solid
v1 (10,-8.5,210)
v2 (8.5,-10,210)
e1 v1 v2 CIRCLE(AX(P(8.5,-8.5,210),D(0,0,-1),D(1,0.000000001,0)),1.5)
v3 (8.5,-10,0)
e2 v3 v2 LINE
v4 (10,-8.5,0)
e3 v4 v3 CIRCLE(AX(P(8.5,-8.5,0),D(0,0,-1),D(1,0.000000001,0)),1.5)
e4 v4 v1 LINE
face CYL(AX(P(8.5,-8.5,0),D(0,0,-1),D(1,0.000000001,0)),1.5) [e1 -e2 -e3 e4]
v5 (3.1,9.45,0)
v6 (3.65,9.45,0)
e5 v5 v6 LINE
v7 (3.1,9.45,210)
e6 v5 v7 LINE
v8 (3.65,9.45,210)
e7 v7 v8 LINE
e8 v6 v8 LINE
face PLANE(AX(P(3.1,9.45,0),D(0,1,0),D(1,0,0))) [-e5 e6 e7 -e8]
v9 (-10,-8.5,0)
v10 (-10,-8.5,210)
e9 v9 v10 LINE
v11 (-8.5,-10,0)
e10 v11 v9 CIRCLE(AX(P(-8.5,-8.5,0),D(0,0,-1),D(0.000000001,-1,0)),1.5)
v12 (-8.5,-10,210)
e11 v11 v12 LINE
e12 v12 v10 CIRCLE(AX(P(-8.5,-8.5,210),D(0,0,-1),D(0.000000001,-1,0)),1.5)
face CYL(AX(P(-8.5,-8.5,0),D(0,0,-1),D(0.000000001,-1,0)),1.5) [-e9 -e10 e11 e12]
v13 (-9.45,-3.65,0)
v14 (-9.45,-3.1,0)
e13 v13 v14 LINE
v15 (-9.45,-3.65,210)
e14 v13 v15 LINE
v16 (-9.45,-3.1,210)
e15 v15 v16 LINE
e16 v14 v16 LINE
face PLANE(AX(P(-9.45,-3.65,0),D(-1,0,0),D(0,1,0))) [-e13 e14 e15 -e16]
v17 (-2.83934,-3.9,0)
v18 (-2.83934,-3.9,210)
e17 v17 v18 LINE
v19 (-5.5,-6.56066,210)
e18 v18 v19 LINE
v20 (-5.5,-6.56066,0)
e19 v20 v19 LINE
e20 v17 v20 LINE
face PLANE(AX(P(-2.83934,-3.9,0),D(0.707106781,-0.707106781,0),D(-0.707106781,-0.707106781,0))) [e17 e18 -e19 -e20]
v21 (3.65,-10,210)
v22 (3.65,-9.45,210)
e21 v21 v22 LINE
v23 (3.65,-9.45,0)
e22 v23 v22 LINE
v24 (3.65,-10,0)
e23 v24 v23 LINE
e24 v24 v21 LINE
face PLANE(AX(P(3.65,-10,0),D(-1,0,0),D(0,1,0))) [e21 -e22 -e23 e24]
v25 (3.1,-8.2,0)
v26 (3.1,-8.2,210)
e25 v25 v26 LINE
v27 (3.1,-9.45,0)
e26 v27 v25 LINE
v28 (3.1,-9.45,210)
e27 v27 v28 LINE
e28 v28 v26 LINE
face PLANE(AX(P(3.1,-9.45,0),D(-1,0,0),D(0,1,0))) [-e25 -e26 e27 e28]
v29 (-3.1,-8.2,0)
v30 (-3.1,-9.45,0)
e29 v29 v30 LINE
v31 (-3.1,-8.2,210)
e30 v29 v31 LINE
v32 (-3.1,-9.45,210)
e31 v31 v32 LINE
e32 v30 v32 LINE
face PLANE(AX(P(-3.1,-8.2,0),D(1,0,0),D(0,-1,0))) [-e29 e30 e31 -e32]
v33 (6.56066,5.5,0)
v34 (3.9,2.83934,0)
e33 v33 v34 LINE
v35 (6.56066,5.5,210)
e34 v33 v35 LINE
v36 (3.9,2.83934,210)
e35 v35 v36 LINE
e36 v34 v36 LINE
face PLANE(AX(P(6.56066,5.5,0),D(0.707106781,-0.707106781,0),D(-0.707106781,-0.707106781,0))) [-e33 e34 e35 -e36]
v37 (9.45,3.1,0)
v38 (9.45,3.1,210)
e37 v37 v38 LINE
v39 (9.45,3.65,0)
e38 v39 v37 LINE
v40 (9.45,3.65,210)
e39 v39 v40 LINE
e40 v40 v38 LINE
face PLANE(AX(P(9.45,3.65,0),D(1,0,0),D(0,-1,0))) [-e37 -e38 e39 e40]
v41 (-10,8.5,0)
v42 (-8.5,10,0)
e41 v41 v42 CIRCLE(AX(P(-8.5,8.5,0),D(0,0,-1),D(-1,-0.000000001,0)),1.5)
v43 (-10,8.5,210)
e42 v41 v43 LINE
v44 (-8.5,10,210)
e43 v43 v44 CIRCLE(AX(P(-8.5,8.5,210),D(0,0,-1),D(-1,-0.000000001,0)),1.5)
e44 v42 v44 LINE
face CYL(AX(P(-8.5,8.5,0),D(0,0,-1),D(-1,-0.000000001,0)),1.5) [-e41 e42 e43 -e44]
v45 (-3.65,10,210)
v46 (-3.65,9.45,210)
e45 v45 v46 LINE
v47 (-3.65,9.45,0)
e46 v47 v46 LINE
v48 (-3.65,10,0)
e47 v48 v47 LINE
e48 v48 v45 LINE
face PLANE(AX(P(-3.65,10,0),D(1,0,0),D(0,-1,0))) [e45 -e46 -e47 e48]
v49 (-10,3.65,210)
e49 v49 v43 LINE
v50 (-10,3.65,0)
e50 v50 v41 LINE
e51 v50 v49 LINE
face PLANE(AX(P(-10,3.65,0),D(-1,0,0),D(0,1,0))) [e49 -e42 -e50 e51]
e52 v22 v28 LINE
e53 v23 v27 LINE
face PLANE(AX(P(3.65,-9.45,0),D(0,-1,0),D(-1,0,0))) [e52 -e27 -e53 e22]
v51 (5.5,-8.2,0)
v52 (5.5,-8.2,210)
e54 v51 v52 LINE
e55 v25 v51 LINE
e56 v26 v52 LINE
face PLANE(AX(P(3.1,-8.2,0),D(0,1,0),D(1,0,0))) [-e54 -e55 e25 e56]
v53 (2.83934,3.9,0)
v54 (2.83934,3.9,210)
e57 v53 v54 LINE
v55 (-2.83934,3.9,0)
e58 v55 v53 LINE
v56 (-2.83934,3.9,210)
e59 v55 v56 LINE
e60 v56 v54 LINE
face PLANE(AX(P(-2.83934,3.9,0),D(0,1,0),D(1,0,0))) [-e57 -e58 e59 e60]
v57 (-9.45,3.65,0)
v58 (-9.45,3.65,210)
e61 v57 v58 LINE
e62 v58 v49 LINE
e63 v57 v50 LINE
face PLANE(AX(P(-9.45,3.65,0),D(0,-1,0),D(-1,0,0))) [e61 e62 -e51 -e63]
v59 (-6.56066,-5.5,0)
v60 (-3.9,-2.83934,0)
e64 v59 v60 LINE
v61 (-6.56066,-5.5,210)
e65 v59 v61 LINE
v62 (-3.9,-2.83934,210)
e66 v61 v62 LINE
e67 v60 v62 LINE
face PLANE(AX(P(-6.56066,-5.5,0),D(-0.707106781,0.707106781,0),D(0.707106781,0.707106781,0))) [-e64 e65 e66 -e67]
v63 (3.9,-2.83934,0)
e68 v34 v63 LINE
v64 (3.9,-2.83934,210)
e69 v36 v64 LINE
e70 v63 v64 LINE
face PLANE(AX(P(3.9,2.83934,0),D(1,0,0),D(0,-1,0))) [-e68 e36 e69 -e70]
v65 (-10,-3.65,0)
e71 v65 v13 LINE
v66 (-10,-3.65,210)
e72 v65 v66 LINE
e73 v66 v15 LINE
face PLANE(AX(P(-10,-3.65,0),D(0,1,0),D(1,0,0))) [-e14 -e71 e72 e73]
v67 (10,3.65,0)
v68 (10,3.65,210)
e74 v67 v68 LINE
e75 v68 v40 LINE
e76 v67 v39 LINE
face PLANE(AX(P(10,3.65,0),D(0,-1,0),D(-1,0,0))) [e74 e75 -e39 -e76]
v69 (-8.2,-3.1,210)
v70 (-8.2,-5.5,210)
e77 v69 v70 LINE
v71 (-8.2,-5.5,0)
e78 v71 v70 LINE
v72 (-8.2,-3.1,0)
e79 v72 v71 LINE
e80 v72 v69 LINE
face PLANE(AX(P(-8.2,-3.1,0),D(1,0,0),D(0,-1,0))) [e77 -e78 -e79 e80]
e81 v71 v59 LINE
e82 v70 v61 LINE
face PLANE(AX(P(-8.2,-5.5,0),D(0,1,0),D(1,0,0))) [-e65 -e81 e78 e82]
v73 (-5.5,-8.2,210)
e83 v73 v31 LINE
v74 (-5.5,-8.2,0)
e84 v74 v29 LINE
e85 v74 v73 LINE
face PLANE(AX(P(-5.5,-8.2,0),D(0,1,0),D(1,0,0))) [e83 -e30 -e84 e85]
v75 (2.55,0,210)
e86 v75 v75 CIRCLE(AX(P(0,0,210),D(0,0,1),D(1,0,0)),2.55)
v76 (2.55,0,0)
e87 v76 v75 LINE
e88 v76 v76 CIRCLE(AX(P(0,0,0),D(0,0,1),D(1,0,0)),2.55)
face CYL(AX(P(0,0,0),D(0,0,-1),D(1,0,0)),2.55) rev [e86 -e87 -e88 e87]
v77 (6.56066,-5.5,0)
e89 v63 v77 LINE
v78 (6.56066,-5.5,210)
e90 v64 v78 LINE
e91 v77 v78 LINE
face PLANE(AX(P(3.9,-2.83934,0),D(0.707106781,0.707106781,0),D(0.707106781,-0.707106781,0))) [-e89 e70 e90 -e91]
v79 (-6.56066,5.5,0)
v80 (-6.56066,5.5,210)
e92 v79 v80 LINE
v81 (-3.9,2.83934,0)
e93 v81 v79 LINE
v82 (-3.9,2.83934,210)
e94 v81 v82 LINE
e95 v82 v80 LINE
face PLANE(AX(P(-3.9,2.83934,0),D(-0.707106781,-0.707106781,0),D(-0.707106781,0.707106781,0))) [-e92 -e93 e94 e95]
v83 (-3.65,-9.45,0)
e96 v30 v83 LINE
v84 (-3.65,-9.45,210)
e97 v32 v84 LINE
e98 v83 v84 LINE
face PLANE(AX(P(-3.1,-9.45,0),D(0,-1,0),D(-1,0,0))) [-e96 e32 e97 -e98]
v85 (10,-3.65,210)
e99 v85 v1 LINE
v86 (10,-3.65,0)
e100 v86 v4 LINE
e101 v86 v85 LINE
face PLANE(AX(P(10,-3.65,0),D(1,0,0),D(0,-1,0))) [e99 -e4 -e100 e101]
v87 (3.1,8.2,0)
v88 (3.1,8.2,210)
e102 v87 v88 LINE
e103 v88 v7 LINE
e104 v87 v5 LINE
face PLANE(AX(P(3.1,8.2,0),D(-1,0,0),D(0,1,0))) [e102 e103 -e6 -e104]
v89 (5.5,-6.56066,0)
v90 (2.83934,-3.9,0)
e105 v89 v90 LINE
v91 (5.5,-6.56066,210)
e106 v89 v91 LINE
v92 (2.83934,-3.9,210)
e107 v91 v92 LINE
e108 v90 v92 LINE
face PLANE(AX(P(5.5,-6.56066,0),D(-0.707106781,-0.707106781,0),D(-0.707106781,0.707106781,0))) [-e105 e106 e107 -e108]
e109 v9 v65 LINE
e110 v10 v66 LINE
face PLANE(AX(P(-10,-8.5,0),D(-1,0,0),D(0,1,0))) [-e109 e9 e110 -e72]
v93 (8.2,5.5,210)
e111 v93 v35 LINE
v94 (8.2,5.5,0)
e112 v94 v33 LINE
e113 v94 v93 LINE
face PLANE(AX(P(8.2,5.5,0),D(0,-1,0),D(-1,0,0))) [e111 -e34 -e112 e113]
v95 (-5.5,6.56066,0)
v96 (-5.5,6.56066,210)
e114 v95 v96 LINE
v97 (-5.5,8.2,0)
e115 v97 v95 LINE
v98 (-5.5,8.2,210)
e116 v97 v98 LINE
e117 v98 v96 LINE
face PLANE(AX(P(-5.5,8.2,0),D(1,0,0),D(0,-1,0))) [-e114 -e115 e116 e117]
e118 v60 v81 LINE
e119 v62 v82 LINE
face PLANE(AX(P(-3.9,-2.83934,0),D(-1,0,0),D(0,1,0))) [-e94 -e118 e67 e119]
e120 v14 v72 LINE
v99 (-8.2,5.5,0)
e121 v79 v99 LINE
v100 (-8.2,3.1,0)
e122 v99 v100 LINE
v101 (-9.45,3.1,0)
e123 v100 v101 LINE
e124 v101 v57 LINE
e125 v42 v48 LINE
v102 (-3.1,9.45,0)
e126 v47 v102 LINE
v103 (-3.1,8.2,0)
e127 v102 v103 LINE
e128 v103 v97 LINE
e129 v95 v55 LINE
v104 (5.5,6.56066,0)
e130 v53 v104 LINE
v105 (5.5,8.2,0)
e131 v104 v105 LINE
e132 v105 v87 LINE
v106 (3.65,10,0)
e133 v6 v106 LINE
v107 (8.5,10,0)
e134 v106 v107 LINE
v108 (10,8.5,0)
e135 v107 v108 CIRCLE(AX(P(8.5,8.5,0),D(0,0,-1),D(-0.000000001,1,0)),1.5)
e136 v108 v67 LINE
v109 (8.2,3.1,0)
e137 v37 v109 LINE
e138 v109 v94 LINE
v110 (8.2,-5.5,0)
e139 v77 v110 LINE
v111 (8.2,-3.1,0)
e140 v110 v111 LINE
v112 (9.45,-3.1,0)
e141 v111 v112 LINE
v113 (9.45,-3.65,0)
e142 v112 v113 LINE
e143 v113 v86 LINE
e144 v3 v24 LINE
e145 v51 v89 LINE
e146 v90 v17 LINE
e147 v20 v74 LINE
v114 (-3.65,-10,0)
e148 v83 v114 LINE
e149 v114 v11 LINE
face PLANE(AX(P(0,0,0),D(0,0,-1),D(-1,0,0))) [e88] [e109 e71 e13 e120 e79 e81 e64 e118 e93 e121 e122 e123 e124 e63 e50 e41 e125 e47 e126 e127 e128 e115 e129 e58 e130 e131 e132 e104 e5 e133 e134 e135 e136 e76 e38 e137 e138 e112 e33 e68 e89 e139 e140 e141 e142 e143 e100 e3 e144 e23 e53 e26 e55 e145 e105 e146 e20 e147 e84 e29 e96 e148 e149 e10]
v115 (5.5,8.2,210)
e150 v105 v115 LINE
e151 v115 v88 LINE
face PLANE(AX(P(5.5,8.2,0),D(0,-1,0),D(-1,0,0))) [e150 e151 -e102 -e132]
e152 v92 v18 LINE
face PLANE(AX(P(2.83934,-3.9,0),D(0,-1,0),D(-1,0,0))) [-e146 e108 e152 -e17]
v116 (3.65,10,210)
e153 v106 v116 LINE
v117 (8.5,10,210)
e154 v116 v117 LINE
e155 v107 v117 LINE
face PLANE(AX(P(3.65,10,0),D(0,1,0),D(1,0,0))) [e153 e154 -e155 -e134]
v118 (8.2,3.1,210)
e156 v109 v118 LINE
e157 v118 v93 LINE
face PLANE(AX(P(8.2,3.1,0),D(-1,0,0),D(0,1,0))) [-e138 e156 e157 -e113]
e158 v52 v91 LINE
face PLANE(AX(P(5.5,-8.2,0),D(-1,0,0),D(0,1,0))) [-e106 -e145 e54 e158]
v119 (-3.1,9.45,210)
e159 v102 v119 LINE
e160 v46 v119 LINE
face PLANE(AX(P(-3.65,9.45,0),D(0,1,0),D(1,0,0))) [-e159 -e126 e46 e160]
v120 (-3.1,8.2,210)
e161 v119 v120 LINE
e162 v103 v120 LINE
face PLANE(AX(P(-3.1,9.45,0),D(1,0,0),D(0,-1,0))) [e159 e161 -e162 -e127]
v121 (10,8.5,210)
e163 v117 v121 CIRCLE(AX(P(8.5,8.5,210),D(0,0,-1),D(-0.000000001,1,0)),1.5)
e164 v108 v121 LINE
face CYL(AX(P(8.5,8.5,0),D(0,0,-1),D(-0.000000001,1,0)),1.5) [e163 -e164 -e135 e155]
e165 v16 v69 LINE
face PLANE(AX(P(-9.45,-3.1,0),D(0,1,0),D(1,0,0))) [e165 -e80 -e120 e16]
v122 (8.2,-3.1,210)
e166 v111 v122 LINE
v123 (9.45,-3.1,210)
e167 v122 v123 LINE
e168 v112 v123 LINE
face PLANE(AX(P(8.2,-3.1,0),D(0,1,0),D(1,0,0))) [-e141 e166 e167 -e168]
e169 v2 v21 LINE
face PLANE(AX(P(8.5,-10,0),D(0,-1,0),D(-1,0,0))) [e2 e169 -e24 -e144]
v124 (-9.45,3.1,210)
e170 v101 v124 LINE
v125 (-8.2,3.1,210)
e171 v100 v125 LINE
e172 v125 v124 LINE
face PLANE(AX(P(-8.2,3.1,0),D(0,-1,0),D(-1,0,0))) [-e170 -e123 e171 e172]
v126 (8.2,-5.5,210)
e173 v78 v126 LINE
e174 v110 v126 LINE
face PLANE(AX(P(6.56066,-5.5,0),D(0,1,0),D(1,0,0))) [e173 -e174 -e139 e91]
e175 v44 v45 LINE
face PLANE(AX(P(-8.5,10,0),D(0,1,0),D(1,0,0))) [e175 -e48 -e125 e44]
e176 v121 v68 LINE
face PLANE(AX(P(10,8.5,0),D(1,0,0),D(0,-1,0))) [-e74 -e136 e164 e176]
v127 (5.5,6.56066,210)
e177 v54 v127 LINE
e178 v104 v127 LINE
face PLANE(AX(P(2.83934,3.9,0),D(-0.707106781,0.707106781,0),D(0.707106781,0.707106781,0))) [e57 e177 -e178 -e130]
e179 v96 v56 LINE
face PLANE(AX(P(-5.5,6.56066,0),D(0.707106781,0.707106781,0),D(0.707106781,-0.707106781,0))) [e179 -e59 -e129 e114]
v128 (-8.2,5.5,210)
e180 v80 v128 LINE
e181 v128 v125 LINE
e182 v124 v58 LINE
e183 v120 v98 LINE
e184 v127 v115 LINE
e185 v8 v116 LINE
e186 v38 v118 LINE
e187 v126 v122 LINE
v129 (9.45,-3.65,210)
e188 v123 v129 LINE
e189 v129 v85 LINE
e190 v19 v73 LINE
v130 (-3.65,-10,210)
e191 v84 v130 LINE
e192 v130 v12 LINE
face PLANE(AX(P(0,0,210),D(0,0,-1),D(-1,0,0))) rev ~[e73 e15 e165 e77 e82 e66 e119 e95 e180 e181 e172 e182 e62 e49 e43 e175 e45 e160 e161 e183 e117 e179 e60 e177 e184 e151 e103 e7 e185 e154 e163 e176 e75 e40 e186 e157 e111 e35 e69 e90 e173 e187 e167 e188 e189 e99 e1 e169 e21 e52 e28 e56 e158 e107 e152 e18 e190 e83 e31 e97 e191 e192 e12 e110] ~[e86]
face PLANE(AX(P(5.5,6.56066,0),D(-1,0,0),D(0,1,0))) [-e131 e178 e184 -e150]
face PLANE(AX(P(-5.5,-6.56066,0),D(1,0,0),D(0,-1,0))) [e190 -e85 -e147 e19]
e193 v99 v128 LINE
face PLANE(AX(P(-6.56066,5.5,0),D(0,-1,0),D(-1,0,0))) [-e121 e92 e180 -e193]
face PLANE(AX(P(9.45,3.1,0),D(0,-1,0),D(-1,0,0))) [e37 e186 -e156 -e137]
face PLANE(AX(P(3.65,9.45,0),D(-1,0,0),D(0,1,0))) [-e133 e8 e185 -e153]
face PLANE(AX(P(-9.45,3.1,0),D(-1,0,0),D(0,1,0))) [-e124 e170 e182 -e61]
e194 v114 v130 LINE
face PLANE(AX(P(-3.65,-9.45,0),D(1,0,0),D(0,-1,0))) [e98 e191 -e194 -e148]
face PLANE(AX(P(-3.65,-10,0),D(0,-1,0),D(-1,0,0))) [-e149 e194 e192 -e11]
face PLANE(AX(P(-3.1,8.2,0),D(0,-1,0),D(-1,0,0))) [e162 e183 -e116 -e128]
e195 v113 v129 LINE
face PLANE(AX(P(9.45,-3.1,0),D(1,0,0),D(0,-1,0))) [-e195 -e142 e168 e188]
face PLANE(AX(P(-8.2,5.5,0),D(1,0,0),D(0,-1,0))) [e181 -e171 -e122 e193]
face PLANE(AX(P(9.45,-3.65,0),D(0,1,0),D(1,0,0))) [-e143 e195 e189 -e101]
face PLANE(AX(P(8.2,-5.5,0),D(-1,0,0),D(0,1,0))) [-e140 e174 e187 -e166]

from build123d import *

# Parameters (mm, degrees)
SKETCH_2_R      = 2.55
EXTRUDE_1_DEPTH = 210


with BuildPart() as part:
    # 草图2 → 凸台-拉伸1 (new body)
    with BuildSketch(Plane.XY):
        with BuildLine():
            Line((-3.9, 2.839339828), (-6.560660172, 5.5))
            Line((-6.560660172, 5.5), (-8.2, 5.5))
            Line((-8.2, 5.5), (-8.2, 3.1))
            Line((-8.2, 3.1), (-9.45, 3.1))
            Line((-9.45, 3.1), (-9.45, 3.65))
            Line((-9.45, 3.65), (-10, 3.65))
            Line((-10, 3.65), (-10, 8.5))
            ThreePointArc((-10, 8.5), (-9.560660172, 9.560660172), (-8.5, 10))
            Line((-8.5, 10), (-3.65, 10))
            Line((-3.65, 10), (-3.65, 9.45))
            Line((-3.65, 9.45), (-3.1, 9.45))
            Line((-3.1, 9.45), (-3.1, 8.2))
            Line((-3.1, 8.2), (-5.5, 8.2))
            Line((-5.5, 8.2), (-5.5, 6.560660172))
            Line((-5.5, 6.560660172), (-2.839339828, 3.9))
            Line((-2.839339828, 3.9), (2.839339828, 3.9))
            Line((2.839339828, 3.9), (5.5, 6.560660172))
            Line((5.5, 6.560660172), (5.5, 8.2))
            Line((5.5, 8.2), (3.1, 8.2))
            Line((3.1, 8.2), (3.1, 9.45))
            Line((3.1, 9.45), (3.65, 9.45))
            Line((3.65, 9.45), (3.65, 10))
            Line((3.65, 10), (8.5, 10))
            ThreePointArc((8.5, 10), (9.560660172, 9.560660172), (10, 8.5))
            Line((10, 8.5), (10, 3.65))
            Line((10, 3.65), (9.45, 3.65))
            Line((9.45, 3.65), (9.45, 3.1))
            Line((9.45, 3.1), (8.2, 3.1))
            Line((8.2, 3.1), (8.2, 5.5))
            Line((8.2, 5.5), (6.560660172, 5.5))
            Line((6.560660172, 5.5), (3.9, 2.839339828))
            Line((3.9, 2.839339828), (3.9, -2.839339828))
            Line((3.9, -2.839339828), (6.560660172, -5.5))
            Line((6.560660172, -5.5), (8.2, -5.5))
            Line((8.2, -5.5), (8.2, -3.1))
            Line((8.2, -3.1), (9.45, -3.1))
            Line((9.45, -3.1), (9.45, -3.65))
            Line((9.45, -3.65), (10, -3.65))
            Line((10, -3.65), (10, -8.5))
            ThreePointArc((10, -8.5), (9.560660172, -9.560660172), (8.5, -10))
            Line((8.5, -10), (3.65, -10))
            Line((3.65, -10), (3.65, -9.45))
            Line((3.65, -9.45), (3.1, -9.45))
            Line((3.1, -9.45), (3.1, -8.2))
            Line((3.1, -8.2), (5.5, -8.2))
            Line((5.5, -8.2), (5.5, -6.560660172))
            Line((5.5, -6.560660172), (2.839339828, -3.9))
            Line((2.839339828, -3.9), (-2.839339828, -3.9))
            Line((-2.839339828, -3.9), (-5.5, -6.560660172))
            Line((-5.5, -6.560660172), (-5.5, -8.2))
            Line((-5.5, -8.2), (-3.1, -8.2))
            Line((-3.1, -8.2), (-3.1, -9.45))
            Line((-3.1, -9.45), (-3.65, -9.45))
            Line((-3.65, -9.45), (-3.65, -10))
            Line((-3.65, -10), (-8.5, -10))
            ThreePointArc((-8.5, -10), (-9.560660172, -9.560660172), (-10, -8.5))
            Line((-10, -8.5), (-10, -3.65))
            Line((-10, -3.65), (-9.45, -3.65))
            Line((-9.45, -3.65), (-9.45, -3.1))
            Line((-9.45, -3.1), (-8.2, -3.1))
            Line((-8.2, -3.1), (-8.2, -5.5))
            Line((-8.2, -5.5), (-6.560660172, -5.5))
            Line((-6.560660172, -5.5), (-3.9, -2.839339828))
            Line((-3.9, -2.839339828), (-3.9, 2.839339828))
        make_face()
        Circle(SKETCH_2_R, mode=Mode.SUBTRACT)
    extrude(amount=EXTRUDE_1_DEPTH)


solid = part.part
